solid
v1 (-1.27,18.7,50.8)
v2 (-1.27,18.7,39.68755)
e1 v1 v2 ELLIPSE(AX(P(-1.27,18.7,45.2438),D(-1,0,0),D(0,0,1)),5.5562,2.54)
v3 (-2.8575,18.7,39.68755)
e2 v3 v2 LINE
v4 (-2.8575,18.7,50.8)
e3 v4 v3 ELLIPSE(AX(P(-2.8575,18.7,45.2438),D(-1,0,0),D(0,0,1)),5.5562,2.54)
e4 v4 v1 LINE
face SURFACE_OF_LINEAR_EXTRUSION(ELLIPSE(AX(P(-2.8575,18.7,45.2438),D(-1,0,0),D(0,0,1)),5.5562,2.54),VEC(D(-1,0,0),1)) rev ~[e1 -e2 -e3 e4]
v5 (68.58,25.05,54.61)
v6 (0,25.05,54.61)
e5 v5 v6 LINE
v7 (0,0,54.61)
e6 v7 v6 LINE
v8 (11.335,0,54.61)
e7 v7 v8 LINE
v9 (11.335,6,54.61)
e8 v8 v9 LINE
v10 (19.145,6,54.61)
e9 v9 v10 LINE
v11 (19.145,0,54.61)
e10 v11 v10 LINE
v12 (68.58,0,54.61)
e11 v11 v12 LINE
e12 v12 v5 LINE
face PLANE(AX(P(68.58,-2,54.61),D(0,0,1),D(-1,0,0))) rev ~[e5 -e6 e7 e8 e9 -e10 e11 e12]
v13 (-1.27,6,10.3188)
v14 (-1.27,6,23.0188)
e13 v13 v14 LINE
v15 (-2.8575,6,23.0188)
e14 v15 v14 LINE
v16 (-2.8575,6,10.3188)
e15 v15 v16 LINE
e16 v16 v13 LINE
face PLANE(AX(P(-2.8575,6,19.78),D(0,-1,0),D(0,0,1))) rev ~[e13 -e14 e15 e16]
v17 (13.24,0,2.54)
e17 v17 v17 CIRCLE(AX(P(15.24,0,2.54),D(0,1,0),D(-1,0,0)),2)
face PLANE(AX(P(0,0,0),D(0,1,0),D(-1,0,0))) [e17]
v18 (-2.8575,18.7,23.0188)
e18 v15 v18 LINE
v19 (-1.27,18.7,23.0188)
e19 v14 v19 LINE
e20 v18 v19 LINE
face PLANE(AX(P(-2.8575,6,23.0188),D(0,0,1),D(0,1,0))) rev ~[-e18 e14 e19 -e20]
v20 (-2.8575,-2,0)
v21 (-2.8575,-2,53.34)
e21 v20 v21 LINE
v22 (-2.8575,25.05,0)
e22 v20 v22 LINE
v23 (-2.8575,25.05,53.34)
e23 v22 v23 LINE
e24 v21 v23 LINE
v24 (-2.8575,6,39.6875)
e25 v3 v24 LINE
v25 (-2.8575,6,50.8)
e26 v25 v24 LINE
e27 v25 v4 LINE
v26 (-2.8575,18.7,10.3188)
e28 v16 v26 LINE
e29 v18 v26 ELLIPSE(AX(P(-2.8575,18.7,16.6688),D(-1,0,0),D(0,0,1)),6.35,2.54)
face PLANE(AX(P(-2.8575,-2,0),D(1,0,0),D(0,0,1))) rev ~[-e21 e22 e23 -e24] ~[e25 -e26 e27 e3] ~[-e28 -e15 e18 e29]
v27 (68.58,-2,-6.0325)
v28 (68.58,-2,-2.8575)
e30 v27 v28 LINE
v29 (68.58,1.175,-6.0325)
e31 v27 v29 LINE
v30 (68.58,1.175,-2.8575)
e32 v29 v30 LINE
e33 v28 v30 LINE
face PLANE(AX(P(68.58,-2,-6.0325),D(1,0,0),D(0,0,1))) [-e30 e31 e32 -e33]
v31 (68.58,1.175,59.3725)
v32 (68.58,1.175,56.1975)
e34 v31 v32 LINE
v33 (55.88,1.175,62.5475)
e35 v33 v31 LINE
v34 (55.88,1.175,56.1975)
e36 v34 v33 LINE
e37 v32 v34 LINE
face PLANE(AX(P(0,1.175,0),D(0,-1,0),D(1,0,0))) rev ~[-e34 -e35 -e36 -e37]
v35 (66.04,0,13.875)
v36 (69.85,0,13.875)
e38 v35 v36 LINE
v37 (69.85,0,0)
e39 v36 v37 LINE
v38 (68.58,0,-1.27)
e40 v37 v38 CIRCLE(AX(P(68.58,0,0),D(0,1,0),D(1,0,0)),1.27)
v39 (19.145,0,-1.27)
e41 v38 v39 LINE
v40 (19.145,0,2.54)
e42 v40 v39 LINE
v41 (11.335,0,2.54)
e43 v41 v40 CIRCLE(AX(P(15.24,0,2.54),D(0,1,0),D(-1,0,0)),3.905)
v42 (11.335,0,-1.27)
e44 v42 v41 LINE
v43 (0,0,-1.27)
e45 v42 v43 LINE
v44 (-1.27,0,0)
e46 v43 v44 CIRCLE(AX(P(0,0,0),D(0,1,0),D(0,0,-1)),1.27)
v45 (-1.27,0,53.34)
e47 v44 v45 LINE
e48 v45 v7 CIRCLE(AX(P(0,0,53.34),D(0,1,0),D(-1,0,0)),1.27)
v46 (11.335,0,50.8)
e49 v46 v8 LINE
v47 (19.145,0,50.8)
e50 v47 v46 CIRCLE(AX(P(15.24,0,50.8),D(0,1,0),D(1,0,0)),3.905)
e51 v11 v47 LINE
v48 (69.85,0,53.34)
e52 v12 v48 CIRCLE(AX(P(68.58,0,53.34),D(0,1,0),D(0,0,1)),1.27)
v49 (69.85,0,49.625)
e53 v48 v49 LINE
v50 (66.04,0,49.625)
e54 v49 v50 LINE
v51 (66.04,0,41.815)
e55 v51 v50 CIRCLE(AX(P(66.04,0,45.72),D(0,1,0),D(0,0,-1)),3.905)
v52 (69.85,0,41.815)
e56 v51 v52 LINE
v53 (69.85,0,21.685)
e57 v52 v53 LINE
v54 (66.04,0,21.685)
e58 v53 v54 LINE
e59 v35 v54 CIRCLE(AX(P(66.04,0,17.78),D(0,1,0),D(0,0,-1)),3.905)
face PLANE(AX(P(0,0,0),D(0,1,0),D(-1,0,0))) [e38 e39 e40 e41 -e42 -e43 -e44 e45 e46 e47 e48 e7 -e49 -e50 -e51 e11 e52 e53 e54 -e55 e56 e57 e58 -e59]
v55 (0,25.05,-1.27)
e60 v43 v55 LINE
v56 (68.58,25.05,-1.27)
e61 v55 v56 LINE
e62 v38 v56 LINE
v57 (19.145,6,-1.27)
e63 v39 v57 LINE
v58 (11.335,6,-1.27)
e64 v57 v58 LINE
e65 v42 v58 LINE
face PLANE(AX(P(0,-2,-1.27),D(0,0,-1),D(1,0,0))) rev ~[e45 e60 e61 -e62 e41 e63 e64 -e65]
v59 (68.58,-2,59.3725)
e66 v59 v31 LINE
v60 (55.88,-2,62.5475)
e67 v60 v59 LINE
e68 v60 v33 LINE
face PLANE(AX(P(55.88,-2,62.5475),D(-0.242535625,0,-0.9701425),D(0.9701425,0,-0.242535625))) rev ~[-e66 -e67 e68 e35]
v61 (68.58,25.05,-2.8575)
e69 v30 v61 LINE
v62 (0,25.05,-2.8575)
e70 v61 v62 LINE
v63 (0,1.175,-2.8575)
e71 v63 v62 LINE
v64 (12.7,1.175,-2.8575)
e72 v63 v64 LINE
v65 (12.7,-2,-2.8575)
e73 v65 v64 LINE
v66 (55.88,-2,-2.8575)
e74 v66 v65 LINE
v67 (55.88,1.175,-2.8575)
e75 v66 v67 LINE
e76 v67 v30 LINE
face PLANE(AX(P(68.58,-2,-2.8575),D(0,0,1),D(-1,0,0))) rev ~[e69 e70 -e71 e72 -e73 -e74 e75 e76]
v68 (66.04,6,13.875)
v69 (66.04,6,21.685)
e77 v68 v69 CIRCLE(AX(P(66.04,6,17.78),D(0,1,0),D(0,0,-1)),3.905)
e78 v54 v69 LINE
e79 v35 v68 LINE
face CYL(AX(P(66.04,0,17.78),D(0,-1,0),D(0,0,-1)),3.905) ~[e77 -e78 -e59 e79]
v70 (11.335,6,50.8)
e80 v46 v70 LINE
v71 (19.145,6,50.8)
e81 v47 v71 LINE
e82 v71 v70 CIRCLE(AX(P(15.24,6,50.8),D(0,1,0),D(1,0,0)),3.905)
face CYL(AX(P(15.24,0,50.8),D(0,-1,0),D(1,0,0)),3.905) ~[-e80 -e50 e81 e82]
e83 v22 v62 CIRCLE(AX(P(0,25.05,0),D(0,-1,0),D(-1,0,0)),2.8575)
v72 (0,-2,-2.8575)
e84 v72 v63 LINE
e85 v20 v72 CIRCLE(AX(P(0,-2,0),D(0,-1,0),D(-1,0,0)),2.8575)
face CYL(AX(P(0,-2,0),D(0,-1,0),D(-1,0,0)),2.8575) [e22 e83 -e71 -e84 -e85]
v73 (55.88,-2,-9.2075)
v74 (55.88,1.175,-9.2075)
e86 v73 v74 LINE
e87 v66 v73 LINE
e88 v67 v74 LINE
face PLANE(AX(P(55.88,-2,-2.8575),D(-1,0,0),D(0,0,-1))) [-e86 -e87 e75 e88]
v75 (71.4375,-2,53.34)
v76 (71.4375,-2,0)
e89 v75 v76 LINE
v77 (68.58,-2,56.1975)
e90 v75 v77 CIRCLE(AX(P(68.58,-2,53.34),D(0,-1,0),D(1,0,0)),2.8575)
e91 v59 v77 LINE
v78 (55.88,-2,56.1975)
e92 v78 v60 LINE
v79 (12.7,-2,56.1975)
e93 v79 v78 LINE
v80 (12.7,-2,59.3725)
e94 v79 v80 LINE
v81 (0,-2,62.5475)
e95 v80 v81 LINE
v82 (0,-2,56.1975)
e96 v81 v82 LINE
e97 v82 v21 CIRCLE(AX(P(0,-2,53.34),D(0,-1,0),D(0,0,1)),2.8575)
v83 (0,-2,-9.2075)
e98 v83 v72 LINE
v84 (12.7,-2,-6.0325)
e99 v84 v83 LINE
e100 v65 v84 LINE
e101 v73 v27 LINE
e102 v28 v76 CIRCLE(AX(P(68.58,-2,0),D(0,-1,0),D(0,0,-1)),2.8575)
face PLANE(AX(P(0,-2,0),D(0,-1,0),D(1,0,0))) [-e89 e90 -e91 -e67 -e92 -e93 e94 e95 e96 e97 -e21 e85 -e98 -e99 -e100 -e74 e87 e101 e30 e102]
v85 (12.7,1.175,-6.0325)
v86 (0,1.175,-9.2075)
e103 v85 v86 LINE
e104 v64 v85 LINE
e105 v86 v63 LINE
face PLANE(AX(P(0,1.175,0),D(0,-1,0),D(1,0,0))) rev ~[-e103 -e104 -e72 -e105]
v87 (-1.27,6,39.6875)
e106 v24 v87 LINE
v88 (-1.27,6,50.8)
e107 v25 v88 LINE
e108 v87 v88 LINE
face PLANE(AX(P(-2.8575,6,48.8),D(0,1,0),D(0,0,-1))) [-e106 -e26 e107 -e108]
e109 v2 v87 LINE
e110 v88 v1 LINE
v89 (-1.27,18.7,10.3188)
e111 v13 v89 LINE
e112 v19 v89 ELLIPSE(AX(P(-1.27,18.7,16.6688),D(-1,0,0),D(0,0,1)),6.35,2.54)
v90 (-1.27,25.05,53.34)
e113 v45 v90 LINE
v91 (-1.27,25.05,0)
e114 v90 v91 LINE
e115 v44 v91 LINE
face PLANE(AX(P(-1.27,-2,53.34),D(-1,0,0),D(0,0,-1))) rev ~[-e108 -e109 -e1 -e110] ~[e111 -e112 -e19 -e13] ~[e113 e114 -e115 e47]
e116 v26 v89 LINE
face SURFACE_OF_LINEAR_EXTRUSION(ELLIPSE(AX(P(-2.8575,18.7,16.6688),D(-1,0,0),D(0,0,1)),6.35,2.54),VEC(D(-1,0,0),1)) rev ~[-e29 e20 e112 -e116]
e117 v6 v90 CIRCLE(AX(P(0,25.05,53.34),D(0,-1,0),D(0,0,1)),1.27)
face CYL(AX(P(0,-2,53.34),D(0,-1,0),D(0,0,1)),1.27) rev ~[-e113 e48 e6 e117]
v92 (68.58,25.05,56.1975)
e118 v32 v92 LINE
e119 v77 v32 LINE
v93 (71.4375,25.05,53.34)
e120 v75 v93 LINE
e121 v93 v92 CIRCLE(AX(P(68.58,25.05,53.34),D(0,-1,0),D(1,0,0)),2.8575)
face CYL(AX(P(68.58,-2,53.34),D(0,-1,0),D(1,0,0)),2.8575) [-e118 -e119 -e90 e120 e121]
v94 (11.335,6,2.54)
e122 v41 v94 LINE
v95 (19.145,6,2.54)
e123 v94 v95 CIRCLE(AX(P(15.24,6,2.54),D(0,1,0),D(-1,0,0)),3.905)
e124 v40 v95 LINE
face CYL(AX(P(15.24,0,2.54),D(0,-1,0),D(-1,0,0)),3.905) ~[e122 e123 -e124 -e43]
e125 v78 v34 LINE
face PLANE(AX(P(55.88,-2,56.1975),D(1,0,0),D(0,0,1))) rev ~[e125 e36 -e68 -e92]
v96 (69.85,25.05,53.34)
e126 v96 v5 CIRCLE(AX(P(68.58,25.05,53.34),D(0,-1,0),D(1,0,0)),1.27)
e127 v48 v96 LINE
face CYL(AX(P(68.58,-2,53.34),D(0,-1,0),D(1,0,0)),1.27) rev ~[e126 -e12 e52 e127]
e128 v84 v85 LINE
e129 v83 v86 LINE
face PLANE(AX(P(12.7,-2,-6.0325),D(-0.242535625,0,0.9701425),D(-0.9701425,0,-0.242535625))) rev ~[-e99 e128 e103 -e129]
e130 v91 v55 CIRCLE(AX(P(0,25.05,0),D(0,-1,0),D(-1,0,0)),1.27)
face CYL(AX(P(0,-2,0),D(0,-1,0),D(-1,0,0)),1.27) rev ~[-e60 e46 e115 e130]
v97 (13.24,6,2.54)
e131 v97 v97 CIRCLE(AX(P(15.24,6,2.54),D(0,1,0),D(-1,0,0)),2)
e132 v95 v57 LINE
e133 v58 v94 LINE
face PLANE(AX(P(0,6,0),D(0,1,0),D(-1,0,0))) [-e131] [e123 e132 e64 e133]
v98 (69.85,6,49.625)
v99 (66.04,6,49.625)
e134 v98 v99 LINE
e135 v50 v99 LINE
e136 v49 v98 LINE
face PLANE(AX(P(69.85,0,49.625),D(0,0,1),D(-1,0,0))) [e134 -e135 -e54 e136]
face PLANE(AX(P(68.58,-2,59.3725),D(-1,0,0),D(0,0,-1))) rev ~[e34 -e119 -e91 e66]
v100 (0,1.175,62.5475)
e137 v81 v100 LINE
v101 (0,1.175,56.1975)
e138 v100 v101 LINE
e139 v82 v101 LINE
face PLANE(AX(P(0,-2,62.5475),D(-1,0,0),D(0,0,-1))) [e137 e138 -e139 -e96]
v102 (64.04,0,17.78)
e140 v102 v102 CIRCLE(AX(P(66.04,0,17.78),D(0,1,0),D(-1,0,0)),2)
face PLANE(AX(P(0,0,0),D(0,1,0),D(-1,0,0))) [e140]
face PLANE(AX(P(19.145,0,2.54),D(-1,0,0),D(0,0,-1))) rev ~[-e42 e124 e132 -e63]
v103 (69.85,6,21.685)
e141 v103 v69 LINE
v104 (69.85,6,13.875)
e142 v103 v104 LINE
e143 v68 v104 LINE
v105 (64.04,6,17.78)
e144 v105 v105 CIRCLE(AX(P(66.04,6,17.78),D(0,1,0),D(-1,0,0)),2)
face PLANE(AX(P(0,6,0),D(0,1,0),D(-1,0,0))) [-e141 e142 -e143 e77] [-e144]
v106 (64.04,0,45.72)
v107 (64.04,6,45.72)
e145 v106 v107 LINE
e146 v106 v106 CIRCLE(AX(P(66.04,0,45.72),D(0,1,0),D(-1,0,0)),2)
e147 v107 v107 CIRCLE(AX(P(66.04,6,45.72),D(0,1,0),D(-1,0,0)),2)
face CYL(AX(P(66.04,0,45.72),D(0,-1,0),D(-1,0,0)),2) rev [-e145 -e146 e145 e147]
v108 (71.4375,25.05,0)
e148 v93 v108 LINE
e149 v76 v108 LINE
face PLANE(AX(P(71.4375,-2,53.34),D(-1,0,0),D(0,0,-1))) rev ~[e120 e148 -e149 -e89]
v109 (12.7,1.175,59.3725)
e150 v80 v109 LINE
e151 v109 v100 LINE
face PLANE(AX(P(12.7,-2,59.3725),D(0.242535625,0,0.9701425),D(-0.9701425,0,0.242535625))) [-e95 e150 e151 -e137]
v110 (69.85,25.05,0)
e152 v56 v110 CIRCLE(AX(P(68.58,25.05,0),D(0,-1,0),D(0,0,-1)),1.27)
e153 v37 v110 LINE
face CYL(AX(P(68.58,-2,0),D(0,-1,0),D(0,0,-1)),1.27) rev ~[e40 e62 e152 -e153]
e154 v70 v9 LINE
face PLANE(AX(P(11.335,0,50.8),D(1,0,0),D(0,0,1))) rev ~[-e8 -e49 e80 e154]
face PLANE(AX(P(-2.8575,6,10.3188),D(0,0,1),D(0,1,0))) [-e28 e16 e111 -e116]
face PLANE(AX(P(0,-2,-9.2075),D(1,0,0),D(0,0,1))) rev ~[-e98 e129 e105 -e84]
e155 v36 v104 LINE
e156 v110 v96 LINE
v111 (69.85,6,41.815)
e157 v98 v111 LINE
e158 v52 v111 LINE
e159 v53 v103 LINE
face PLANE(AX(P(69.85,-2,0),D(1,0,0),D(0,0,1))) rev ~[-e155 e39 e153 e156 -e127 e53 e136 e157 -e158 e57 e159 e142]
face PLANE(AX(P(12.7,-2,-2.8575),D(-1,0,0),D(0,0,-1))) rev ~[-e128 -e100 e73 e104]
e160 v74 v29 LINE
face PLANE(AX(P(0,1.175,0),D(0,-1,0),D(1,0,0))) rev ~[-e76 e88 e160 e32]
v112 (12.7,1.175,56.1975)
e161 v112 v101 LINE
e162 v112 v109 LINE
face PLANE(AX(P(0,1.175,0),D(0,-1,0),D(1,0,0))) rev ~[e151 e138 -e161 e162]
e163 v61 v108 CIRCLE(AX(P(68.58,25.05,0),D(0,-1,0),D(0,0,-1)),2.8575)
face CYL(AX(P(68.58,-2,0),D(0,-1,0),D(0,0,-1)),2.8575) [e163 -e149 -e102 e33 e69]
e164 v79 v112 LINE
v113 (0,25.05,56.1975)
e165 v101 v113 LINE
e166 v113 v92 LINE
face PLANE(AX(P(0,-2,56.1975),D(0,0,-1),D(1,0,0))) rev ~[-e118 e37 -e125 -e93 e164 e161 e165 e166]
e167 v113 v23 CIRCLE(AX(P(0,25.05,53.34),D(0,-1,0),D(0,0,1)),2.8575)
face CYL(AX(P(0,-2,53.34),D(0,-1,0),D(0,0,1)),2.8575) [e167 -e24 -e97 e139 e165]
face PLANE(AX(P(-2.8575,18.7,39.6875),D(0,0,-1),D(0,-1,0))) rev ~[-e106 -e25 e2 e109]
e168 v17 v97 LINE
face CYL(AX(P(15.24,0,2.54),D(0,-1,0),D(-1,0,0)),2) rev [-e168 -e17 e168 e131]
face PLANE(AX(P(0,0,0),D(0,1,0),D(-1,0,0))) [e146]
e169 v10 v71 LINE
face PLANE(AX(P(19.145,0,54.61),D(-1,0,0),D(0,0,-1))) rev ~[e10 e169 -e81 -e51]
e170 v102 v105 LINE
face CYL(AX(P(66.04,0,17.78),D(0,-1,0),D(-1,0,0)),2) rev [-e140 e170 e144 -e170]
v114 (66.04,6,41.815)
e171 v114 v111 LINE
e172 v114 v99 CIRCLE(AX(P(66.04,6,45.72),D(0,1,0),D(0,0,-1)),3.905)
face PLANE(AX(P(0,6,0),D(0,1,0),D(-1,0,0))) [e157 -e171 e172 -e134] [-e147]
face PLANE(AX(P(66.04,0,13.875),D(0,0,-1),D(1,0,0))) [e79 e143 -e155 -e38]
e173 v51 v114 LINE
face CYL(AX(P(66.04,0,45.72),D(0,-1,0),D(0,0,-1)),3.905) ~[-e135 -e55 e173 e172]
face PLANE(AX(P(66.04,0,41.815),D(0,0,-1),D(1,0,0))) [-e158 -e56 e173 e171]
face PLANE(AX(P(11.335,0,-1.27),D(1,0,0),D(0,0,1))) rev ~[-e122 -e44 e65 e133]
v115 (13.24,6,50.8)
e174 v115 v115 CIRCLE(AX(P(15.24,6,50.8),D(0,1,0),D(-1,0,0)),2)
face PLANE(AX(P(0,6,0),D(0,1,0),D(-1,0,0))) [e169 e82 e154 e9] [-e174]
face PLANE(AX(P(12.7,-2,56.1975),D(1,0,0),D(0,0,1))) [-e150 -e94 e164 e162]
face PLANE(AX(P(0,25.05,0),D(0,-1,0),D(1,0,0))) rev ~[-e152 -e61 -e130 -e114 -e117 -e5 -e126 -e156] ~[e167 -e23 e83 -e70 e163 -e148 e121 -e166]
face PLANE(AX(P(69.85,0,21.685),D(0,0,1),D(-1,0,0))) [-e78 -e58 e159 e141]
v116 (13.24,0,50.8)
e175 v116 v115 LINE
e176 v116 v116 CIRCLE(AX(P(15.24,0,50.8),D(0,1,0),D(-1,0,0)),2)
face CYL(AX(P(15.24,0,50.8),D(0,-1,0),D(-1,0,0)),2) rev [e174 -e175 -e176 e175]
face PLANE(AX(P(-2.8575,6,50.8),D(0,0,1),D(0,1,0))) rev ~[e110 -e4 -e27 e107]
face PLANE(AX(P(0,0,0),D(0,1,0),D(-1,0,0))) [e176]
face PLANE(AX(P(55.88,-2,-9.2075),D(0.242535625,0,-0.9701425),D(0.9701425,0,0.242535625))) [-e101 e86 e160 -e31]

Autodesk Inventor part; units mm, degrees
ref_plane "YZ Plane" through (0, 0, 0) normal (1, 0, 0) x (0, 1, 0)
ref_plane "XZ Plane" through (0, 0, 0) normal (0, 1, 0) x (-1, 0, 0)
ref_plane "XY Plane" through (0, 0, 0) normal (0, 0, 1) x (1, 0, 0)
sketch "Sketch1" plane through (0, 0, 0) normal (0, 1, 0) x (-1, 0, 0)
  circle A0 centre (-15.24, 2.54) radius 2
  circle A1 centre (-66.04, 17.78) radius 2
  circle A2 centre (-66.04, 45.72) radius 2
  circle A3 centre (-15.24, 50.8) radius 2
  line L0 (0, 0) -> (-68.58, 0) construction
  line L1 (-68.58, 0) -> (-68.58, 53.34) construction
  line L2 (-68.58, 53.34) -> (0, 53.34) construction
  line L3 (0, 53.34) -> (0, 0) construction
  line L4 (-68.58, -1.27) -> (0, -1.27)
  line L5 (1.27, 0) -> (1.27, 53.34)
  line L6 (0, 54.61) -> (-68.58, 54.61)
  line L7 (-69.85, 53.34) -> (-69.85, 0)
  arc A4 (0, -1.27) -> (1.27, 0) centre (0, 0) ccw
  arc A5 (-69.85, 0) -> (-68.58, -1.27) centre (-68.58, 0) ccw
  arc A6 (-68.58, 54.61) -> (-69.85, 53.34) centre (-68.58, 53.34) ccw
  arc A7 (1.27, 53.34) -> (0, 54.61) centre (0, 53.34) ccw
  arc A8 (-11.335, 2.54) -> (-19.145, 2.54) centre (-15.24, 2.54) ccw
  arc A9 (-19.145, 50.8) -> (-11.335, 50.8) centre (-15.24, 50.8) ccw
  arc A10 (-66.04, 41.815) -> (-66.04, 49.625) centre (-66.04, 45.72) ccw
  arc A11 (-66.04, 13.875) -> (-66.04, 21.685) centre (-66.04, 17.78) ccw
  line L8 (-11.335, 2.54) -> (-19.145, 2.54) construction
  line L9 (-19.145, 2.54) -> (-19.145, -1.27)
  line L10 (-19.145, -1.27) -> (-11.335, -1.27)
  line L11 (-11.335, -1.27) -> (-11.335, 2.54)
  line L12 (-66.04, 13.875) -> (-69.85, 13.875)
  line L13 (-69.85, 13.875) -> (-69.85, 21.685)
  line L14 (-69.85, 21.685) -> (-66.04, 21.685)
  line L15 (-66.04, 21.685) -> (-66.04, 13.875) construction
  line L16 (-66.04, 41.815) -> (-69.85, 41.815)
  line L17 (-69.85, 41.815) -> (-69.85, 49.625)
  line L18 (-69.85, 49.625) -> (-66.04, 49.625)
  line L19 (-66.04, 49.625) -> (-66.04, 41.815) construction
  line L20 (-19.145, 50.8) -> (-11.335, 50.8) construction
  line L21 (-11.335, 50.8) -> (-11.335, 54.61)
  line L22 (-11.335, 54.61) -> (-19.145, 54.61)
  line L23 (-19.145, 54.61) -> (-19.145, 50.8)
  dimension "d0" = 4
  dimension "d4" = 15.24
  dimension "d5" = 2.54
  dimension "d6" = 17.78
  dimension "d7" = 66.04
  dimension "d8" = 45.72
  dimension "d9" = 50.8
  dimension "d10" = 2.54
  dimension "d11" = 2.54
  dimension "d12" = 1.27
  dimension "d13" = 1.27
  dimension "d14" = 1.905
extrude "Extrusion1" add sketch "Sketch1" along normal blind 6 contours L9 A8 L11 L4 | L7 L14 A11 L12 | L7 L18 A10 L16 | L21 A9 L23 L6
extrude "Extrusion2" add sketch "Sketch1" against normal blind 2 contours A0 | A1 | A2 | A3 | A5 L7 L12 A11 L14 L16 A10 L18 A6 L6 L23 A9 L21 A7 L5 A4 L4 L11 A8 L9 | L9 A8 L11 L4 | L7 L14 A11 L12 | L7 L18 A10 L16 | L21 A9 L23 L6
sketch "Sketch2" plane through (0, -2, 0) normal (0, -1, 0) x (1, 0, 0)
  line L0 (68.58, 54.61) -> (0, 54.61) projected
  arc A0 (0, 54.61) -> (-1.27, 53.34) centre (0, 53.34) ccw projected
  line L1 (-1.27, 53.34) -> (-1.27, 0) projected
  arc A1 (-1.27, 0) -> (0, -1.27) centre (0, 0) ccw projected
  line L2 (0, -1.27) -> (68.58, -1.27) projected
  arc A2 (68.58, -1.27) -> (69.85, 0) centre (68.58, 0) ccw projected
  line L3 (69.85, 0) -> (69.85, 53.34) projected
  arc A3 (69.85, 53.34) -> (68.58, 54.61) centre (68.58, 53.34) ccw projected
  line L4 (68.58, -2.8575) -> (0, -2.8575)
  arc A4 (-2.8575, 0) -> (0, -2.8575) centre (0, 0) ccw
  line L5 (-2.8575, 0) -> (-2.8575, 53.34)
  arc A5 (0, 56.1975) -> (-2.8575, 53.34) centre (0, 53.34) ccw
  line L6 (0, 56.1975) -> (68.58, 56.1975)
  arc A6 (71.4375, 53.34) -> (68.58, 56.1975) centre (68.58, 53.34) ccw
  line L7 (71.4375, 53.34) -> (71.4375, 0)
  arc A7 (68.58, -2.8575) -> (71.4375, 0) centre (68.58, 0) ccw
  point P0 (0, 0)
  dimension "d19" = 1.5875
extrude "Extrusion3" add sketch "Sketch2" against normal blind 27.05
sketch "Sketch4" plane through (-2.8575, -2, 0) normal (-1, 0, 0) x (0, 0, 1)
  line L0 (2.54, 8) -> (-1.27, 8) projected
  line L1 (-1.27, 8) -> (2.54, 8) projected
  line L2 (2.54, 8) -> (2.54, 8) projected
  line L3 (0.54, 8) -> (4.54, 8) projected
  line L4 (0, 2) -> (53.34, 2) projected
  line L5 (50.8, 8) -> (54.61, 8) projected
  line L6 (54.61, 8) -> (50.8, 8) projected
  line L7 (50.8, 8) -> (50.8, 8) projected
  line L8 (48.8, 8) -> (52.8, 8) projected
  line L9 (0, 27.05) -> (53.34, 27.05) projected
  line L10 (50.8, 8) -> (54.61, 8) projected
  line L11 (50.8, 8) -> (46.895, 8) projected
  line L12 (50.8, 8) -> (50.8, 20.7)
  line L13 (50.8, 20.7) -> (39.6875, 20.7) construction
  line L14 (43.72, 8) -> (47.72, 8) projected
  line L15 (39.6875, 20.7) -> (39.6875, 8)
  line L16 (39.6875, 8) -> (50.8, 8)
  ellipse E0 centre (45.2438, 20.7) end of major axis (50.8, 20.7) minor radius 2.54 (50.8, 20.7) -> (39.6875, 20.7) ccw
  ellipse E1 centre (45.2438, 20.7) end of major axis (50.8, 20.7) minor radius 2.54 (39.6875, 20.7) -> (50.8, 20.7) ccw construction
  line L17 (10.3188, 8) -> (10.3188, 20.7)
  line L18 (10.3188, 8) -> (23.0188, 8)
  line L19 (15.78, 8) -> (19.78, 8) projected
  line L20 (23.0188, 8) -> (23.0188, 20.7)
  ellipse E2 centre (16.6688, 20.7) end of major axis (23.0188, 20.7) minor radius 2.54 (23.0188, 20.7) -> (10.3188, 20.7) ccw
  point P0 (2.54, 2)
  point P1 (2.54, 2)
  point P2 (2.54, 2)
  point P3 (50.8, 2)
  point P4 (2.54, 2)
  point P5 (16.6688, 8)
  dimension "d26" = 2.54
  dimension "d29" = 2.54
  dimension "d24" = 12.7
  dimension "d25" = 11.1125
  dimension "d27" = 10.3187
  dimension "d28" = 12.7
extrude "Extrusion5" cut sketch "Sketch4" against normal up to surface (1.5875 mm away)
sketch "Sketch5" plane through (0, -2, 0) normal (0, -1, 0) x (1, 0, 0)
  line L0 (68.58, 56.1975) -> (0, 56.1975) projected
  arc A0 (0, 56.1975) -> (-2.8575, 53.34) centre (0, 53.34) ccw projected
  line L1 (-2.8575, 53.34) -> (-2.8575, 0) projected
  arc A1 (-2.8575, 0) -> (0, -2.8575) centre (0, 0) ccw projected
  line L2 (0, -2.8575) -> (68.58, -2.8575) projected
  arc A2 (68.58, -2.8575) -> (71.4375, 0) centre (68.58, 0) ccw projected
  line L3 (71.4375, 0) -> (71.4375, 53.34) projected
  arc A3 (71.4375, 53.34) -> (68.58, 56.1975) centre (68.58, 53.34) ccw projected
  line L4 (0, 56.1975) -> (68.58, 56.1975) projected
  line L5 (0, 56.1975) -> (12.7, 56.1975)
  line L6 (12.7, 56.1975) -> (12.7, 59.3725)
  line L7 (0, 62.5475) -> (0, 62.5475)
  line L8 (0, 62.5475) -> (0, 56.1975)
  line L9 (68.58, 56.1975) -> (55.88, 56.1975)
  line L10 (55.88, 56.1975) -> (55.88, 62.5475)
  line L11 (55.88, 62.5475) -> (55.88, 62.5475)
  line L12 (68.58, 59.3725) -> (68.58, 56.1975)
  line L13 (0, -2.8575) -> (12.7, -2.8575)
  line L14 (12.7, -2.8575) -> (12.7, -6.0325)
  line L15 (0, -9.2075) -> (0, -9.2075)
  line L16 (0, -9.2075) -> (0, -2.8575)
  line L17 (68.58, -2.8575) -> (0, -2.8575) projected
  line L18 (68.58, -2.8575) -> (55.88, -2.8575)
  line L19 (55.88, -2.8575) -> (55.88, -9.2075)
  line L20 (55.88, -9.2075) -> (55.88, -9.2075)
  line L21 (68.58, -6.0325) -> (68.58, -2.8575)
  line L22 (12.7, 59.3725) -> (0, 62.5475)
  line L23 (55.88, 62.5475) -> (68.58, 59.3725)
  line L24 (12.7, -6.0325) -> (0, -9.2075)
  line L25 (55.88, -9.2075) -> (68.58, -6.0325)
  point P0 (0, 0)
  point P1 (12.7, 62.5475)
  point P2 (68.58, 62.5475)
  point P3 (12.7, -9.2075)
  point P4 (68.58, -9.2075)
  dimension "d32" = 12.7
  dimension "d33" = 6.35
  dimension "d34" = 12.7
  dimension "d35" = 6.35
  dimension "d36" = 12.7
  dimension "d37" = 6.35
  dimension "d38" = 12.7
  dimension "d39" = 6.35
  dimension "d40" = 3.175
  dimension "d41" = 12.7
  dimension "d42" = 12.7
  dimension "d43" = 3.175
  dimension "d44" = 3.175
  dimension "d45" = 12.7
  dimension "d46" = 12.7
  dimension "d47" = 3.175
extrude "Extrusion6" add sketch "Sketch5" against normal blind 3.175 contours L0 L10 L23 L12 | L0 L8 L22 L6 | L21 L25 L19 L2 | L14 L24 L16 L2
equation "\"d42\" = d41"
equation "\"d43\" = d40"
equation "\"d44\" = d40"
equation "\"d45\" = d41"
equation "\"d46\" = d41"
equation "\"d47\" = d40"
properties part number "ArduinoHolder-v1"
